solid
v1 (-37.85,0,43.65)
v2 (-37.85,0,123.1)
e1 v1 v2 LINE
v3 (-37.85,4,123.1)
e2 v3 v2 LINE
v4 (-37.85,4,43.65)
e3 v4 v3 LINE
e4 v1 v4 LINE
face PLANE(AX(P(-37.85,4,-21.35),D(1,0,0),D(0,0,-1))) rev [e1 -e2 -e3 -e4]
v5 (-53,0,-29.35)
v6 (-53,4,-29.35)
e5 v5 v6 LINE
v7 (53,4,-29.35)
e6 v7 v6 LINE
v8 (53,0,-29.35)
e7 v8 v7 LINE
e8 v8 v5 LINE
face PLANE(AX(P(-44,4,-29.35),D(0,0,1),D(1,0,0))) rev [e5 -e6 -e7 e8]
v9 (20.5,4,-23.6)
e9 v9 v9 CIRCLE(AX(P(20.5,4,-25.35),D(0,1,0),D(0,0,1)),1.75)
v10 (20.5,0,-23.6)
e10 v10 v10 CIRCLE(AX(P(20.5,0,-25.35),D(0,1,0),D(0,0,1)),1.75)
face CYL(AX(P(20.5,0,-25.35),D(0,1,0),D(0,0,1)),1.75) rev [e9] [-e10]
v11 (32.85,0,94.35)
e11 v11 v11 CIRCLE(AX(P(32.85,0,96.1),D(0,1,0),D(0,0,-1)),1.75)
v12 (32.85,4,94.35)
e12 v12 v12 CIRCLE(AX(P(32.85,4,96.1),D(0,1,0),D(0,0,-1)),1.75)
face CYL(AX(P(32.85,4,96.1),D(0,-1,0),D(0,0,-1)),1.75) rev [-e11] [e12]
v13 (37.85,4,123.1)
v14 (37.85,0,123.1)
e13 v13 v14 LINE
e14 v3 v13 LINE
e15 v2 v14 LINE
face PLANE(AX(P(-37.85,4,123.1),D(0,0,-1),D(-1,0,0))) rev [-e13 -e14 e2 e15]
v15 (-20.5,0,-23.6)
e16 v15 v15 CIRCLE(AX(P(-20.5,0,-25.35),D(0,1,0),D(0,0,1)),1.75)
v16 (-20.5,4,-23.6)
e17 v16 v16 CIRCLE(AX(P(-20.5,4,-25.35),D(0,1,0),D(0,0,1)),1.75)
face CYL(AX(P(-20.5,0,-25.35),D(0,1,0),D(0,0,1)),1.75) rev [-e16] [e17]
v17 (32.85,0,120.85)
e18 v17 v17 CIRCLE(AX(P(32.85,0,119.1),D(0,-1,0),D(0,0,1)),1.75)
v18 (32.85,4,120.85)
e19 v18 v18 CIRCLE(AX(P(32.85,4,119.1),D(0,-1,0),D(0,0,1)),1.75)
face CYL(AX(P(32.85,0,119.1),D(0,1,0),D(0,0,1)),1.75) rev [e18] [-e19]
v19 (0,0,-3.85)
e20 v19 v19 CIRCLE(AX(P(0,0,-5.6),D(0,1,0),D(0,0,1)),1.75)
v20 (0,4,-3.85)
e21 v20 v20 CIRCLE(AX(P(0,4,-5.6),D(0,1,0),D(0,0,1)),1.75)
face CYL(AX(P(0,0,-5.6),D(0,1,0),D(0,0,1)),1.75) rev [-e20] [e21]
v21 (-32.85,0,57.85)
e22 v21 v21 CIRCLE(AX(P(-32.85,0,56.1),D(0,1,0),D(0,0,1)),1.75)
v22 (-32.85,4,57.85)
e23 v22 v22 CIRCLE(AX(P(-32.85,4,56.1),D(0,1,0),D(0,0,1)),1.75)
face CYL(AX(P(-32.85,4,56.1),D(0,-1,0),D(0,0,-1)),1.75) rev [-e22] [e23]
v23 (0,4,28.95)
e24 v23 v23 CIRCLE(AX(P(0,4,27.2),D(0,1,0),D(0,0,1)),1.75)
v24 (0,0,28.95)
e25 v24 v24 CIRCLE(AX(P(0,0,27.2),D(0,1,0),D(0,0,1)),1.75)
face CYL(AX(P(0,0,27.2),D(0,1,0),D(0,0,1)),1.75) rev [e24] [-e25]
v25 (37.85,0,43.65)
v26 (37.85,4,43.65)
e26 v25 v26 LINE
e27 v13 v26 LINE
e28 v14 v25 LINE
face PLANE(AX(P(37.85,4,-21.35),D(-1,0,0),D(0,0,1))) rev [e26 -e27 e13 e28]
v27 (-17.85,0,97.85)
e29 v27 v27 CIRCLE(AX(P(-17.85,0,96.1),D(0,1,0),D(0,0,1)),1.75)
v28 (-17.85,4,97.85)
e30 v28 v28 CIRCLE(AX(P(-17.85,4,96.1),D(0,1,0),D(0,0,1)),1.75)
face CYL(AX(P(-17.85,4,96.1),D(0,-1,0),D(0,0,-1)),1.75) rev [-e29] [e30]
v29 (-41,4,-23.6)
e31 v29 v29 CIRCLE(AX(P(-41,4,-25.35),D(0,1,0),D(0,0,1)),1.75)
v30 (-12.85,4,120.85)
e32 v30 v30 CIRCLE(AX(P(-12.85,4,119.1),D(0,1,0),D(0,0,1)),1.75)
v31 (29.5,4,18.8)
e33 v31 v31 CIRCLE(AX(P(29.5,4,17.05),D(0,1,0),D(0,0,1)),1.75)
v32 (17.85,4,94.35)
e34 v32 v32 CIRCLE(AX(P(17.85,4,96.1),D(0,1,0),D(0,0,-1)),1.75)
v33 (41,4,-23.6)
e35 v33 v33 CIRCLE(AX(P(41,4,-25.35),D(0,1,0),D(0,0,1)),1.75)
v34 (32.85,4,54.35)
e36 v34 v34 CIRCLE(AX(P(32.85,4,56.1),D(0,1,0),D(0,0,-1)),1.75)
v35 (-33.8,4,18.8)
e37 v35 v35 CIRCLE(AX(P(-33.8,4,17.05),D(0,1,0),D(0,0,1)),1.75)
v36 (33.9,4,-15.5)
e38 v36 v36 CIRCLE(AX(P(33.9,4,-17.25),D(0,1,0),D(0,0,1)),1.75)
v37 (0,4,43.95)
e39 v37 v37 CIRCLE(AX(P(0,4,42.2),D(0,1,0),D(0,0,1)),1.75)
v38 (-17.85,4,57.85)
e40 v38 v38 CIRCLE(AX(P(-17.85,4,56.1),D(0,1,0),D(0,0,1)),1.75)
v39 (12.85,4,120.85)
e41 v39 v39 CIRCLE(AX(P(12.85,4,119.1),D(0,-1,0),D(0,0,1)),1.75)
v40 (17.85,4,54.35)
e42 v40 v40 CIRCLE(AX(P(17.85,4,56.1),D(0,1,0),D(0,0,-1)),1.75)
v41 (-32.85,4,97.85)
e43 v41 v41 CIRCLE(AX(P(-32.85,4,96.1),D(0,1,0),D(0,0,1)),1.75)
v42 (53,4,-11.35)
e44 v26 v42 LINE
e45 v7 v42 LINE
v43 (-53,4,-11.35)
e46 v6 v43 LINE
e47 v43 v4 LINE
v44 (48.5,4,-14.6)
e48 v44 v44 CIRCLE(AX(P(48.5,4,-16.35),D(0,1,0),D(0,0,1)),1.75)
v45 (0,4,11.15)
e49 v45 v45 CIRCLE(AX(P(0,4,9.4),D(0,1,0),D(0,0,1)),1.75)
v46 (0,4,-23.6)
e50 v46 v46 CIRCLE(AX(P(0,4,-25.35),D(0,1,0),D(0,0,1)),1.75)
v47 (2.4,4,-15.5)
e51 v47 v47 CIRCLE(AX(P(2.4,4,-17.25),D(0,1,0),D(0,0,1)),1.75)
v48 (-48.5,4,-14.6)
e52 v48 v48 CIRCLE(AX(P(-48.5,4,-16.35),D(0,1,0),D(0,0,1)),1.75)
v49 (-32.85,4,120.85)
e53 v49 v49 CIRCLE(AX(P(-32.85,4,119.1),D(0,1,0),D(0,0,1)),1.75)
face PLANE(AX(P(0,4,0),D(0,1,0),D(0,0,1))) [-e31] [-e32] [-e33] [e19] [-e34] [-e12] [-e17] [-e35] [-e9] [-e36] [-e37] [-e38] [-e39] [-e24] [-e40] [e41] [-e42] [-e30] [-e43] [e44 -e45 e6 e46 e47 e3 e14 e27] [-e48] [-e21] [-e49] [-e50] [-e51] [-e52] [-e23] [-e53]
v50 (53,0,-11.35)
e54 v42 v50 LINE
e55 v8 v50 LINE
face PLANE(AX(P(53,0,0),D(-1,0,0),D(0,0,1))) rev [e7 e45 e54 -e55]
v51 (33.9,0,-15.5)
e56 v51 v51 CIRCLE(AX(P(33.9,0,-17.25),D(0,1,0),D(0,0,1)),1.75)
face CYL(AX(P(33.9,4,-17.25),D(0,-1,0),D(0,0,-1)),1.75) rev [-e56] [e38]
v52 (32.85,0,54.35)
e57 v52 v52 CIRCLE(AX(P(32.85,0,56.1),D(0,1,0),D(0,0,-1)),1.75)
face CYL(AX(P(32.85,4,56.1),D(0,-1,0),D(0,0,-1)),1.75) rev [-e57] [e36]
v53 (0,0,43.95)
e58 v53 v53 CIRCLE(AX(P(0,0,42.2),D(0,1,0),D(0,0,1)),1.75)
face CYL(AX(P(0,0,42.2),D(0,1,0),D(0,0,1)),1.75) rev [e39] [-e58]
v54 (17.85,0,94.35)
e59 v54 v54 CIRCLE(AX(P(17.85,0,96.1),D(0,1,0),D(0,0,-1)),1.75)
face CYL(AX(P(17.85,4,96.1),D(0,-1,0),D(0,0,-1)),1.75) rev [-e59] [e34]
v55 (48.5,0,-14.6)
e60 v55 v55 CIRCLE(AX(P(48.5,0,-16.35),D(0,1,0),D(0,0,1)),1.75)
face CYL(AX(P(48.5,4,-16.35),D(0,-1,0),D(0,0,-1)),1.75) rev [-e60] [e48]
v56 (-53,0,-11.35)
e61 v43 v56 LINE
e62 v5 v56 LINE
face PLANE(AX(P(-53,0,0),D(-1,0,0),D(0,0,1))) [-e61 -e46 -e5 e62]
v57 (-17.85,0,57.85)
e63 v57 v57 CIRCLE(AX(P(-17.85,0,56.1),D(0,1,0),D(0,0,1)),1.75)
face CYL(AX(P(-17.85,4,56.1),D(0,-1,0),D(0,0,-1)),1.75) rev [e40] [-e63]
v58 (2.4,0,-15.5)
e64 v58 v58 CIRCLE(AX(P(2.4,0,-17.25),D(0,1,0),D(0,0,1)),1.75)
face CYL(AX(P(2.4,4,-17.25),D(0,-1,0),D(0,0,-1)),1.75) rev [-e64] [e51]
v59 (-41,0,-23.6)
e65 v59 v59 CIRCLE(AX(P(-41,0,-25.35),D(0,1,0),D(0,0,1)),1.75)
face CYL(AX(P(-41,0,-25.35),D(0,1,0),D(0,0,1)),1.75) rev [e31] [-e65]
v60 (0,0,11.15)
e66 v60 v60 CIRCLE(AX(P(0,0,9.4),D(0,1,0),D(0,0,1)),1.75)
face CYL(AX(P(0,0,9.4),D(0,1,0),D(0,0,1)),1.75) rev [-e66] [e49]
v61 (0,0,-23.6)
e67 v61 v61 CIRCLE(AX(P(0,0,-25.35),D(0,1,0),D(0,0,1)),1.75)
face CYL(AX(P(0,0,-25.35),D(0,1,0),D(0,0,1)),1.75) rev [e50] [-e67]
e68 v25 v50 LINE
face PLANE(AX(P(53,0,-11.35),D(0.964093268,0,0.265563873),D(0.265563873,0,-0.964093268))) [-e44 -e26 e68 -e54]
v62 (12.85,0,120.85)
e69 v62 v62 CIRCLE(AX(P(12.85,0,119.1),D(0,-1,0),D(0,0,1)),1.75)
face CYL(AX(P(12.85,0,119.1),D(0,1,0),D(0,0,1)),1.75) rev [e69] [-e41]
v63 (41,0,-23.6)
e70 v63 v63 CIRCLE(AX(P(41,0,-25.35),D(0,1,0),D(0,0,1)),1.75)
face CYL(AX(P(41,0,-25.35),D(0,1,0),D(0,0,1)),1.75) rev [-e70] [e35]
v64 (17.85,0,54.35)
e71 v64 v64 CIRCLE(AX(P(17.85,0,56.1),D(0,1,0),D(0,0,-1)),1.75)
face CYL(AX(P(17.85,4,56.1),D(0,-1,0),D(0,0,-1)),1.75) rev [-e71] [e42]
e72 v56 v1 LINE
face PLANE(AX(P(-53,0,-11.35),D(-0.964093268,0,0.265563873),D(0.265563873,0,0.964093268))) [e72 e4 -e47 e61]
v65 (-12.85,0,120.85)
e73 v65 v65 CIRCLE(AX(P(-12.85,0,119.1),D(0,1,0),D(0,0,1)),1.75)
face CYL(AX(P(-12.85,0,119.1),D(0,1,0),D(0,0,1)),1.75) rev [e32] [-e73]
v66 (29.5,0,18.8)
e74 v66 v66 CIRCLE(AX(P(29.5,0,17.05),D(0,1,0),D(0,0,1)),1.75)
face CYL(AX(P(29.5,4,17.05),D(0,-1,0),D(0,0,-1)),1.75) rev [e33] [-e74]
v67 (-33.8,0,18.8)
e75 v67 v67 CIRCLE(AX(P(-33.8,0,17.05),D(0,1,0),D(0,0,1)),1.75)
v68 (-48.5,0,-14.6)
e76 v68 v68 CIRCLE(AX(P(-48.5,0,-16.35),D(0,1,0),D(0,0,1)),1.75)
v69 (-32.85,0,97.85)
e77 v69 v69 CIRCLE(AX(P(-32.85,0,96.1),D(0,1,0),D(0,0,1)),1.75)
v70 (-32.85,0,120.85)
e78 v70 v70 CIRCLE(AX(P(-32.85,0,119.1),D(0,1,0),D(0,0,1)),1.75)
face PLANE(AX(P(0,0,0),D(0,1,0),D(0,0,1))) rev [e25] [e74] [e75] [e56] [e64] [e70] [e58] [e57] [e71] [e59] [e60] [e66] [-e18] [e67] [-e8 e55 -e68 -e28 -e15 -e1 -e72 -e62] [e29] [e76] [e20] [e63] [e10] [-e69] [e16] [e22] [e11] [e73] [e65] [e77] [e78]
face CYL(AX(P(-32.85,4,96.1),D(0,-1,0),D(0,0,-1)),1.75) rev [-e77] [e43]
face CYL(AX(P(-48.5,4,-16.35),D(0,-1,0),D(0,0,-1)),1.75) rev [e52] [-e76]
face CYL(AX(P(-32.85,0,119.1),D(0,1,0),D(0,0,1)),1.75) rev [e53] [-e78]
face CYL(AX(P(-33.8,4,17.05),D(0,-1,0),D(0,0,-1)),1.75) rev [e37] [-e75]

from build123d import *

# Parameters (mm, degrees)
SKETCH1_W           = 75.7
SKETCH1_H           = 42.7
SKETCH1_R           = 1.75
BOSS_EXTRUDE1_DEPTH = 4
SKETCH3_W           = 75.7
SKETCH3_H           = 29.75
SKETCH3_R           = 1.75
BOSS_EXTRUDE2_DEPTH = 4
SKETCH3_3_R         = 1.75
CUT_EXTRUDE1_DEPTH  = 4
SKETCH4_W           = 75.7
SKETCH4_H           = 50
SKETCH4_R           = 1.75
BOSS_EXTRUDE3_DEPTH = 4
SKETCH6_W           = 9
SKETCH6_H           = 8
BOSS_EXTRUDE4_DEPTH = 4
SKETCH6_3_R         = 1.75
CUT_EXTRUDE2_DEPTH  = 115.220007004
SKETCH7_W           = 15.15
SKETCH7_H           = 10
SKETCH7_R           = 1.75
BOSS_EXTRUDE5_DEPTH = 4
SKETCH8_W           = 75.7
SKETCH8_H           = 22
BOSS_EXTRUDE6_DEPTH = 4
SKETCH9_R           = 1.75
CUT_EXTRUDE3_DEPTH  = 135.08433913
BOSS_EXTRUDE7_DEPTH = 4


with BuildPart() as part:
    # Sketch1 → Boss-Extrude1 (new body)
    with BuildSketch(Plane(origin=(0, 0, 0), x_dir=(1, 0, 0), z_dir=(0, 1, 0))):
        Rectangle(SKETCH1_W, SKETCH1_H)
        with Locations(Location((2.4, 17.25, 0), (0, 0, 270))):
            Circle(SKETCH1_R, mode=Mode.SUBTRACT)
        with Locations(Location((-33.8, -17.05, 0), (0, 0, 270))):
            Circle(SKETCH1_R, mode=Mode.SUBTRACT)
        with Locations(Location((29.5, -17.05, 0), (0, 0, 270))):
            Circle(SKETCH1_R, mode=Mode.SUBTRACT)
        with Locations(Location((33.9, 17.25, 0), (0, 0, 270))):
            Circle(SKETCH1_R, mode=Mode.SUBTRACT)
    extrude(amount=BOSS_EXTRUDE1_DEPTH)

    # Sketch3 → Boss-Extrude2 (add)
    with BuildSketch(Plane(origin=(0, 4, 0), x_dir=(1, 0, 0), z_dir=(0, 1, 0))):
        with Locations((0, -36.225)):
            Rectangle(SKETCH3_W, SKETCH3_H)
        with Locations(Location((0, -42.2, 0), (0, 0, 270))):
            Circle(SKETCH3_R, mode=Mode.SUBTRACT)
        with Locations(Location((0, -27.2, 0), (0, 0, 270))):
            Circle(SKETCH3_R, mode=Mode.SUBTRACT)
    extrude(amount=-BOSS_EXTRUDE2_DEPTH)

    # Sketch3<3> → Cut-Extrude1 (cut)
    with BuildSketch(Plane(origin=(0, 4, 0), x_dir=(1, 0, 0), z_dir=(0, 1, 0))):
        with Locations(Location((0, 5.6, 0), (0, 0, 270))):
            Circle(SKETCH3_3_R)
        with Locations(Location((0, -9.4, 0), (0, 0, 270))):
            Circle(SKETCH3_3_R)
    extrude(amount=-CUT_EXTRUDE1_DEPTH, mode=Mode.SUBTRACT)

    # Sketch4 → Boss-Extrude3 (add)
    # profile 1 of 2: a face of its own
    with BuildSketch(Plane(origin=(0, 0, 0), x_dir=(1, 0, 0), z_dir=(0, 1, 0))):
        with Locations((0, -76.1)):
            Rectangle(SKETCH4_W, SKETCH4_H)
        with Locations(Location((-32.85, -56.1, 0), (0, 0, 270))):
            Circle(SKETCH4_R, mode=Mode.SUBTRACT)
        with Locations(Location((-17.85, -56.1, 0), (0, 0, 270))):
            Circle(SKETCH4_R, mode=Mode.SUBTRACT)
        with Locations(Location((-17.85, -96.1, 0), (0, 0, 270))):
            Circle(SKETCH4_R, mode=Mode.SUBTRACT)
        with Locations(Location((-32.85, -96.1, 0), (0, 0, 270))):
            Circle(SKETCH4_R, mode=Mode.SUBTRACT)
        with Locations(Location((32.85, -96.1, 0), (0, 0, 90))):
            Circle(SKETCH4_R, mode=Mode.SUBTRACT)
        with Locations(Location((17.85, -96.1, 0), (0, 0, 90))):
            Circle(SKETCH4_R, mode=Mode.SUBTRACT)
        with Locations(Location((17.85, -56.1, 0), (0, 0, 90))):
            Circle(SKETCH4_R, mode=Mode.SUBTRACT)
        with Locations(Location((32.85, -56.1, 0), (0, 0, 90))):
            Circle(SKETCH4_R, mode=Mode.SUBTRACT)
    # profile 2 of 2: a face of its own
    with BuildSketch(Plane(origin=(0, 0, 0), x_dir=(1, 0, 0), z_dir=(0, 1, 0))):
        Polygon((-37.85, 21.35), (-44, 21.35), (-44, 29.35), (44, 29.35), (44, 21.35), (37.85, 21.35), align=None)
    extrude(amount=BOSS_EXTRUDE3_DEPTH)

    # Sketch6 → Boss-Extrude4 (add)
    with BuildSketch(Plane(origin=(0, 4, 0), x_dir=(1, 0, 0), z_dir=(0, 1, 0))):
        with Locations((-48.5, 25.35)):
            Rectangle(SKETCH6_W, SKETCH6_H)
        with Locations((48.5, 25.35)):
            Rectangle(SKETCH6_W, SKETCH6_H)
    extrude(amount=-BOSS_EXTRUDE4_DEPTH)

    # Sketch6<3> → Cut-Extrude2 (cut, through all)
    with BuildSketch(Plane(origin=(0, 4, 0), x_dir=(1, 0, 0), z_dir=(0, 1, 0))):
        with Locations(Location((0, 25.35, 0), (0, 0, 270))):
            Circle(SKETCH6_3_R)
        with Locations(Location((20.5, 25.35, 0), (0, 0, 270))):
            Circle(SKETCH6_3_R)
        with Locations(Location((41, 25.35, 0), (0, 0, 270))):
            Circle(SKETCH6_3_R)
        with Locations(Location((-20.5, 25.35, 0), (0, 0, 270))):
            Circle(SKETCH6_3_R)
        with Locations(Location((-41, 25.35, 0), (0, 0, 270))):
            Circle(SKETCH6_3_R)
    extrude(amount=-CUT_EXTRUDE2_DEPTH, mode=Mode.SUBTRACT)

    # Sketch7 → Boss-Extrude5 (add)
    # profile 1 of 2: a face of its own
    with BuildSketch(Plane(origin=(0, 0, 0), x_dir=(1, 0, 0), z_dir=(0, 1, 0))):
        with Locations((-45.425, 16.35)):
            Rectangle(SKETCH7_W, SKETCH7_H)
        with Locations(Location((-48.5, 16.35, 0), (0, 0, 270))):
            Circle(SKETCH7_R, mode=Mode.SUBTRACT)
    # profile 2 of 2: a face of its own
    with BuildSketch(Plane(origin=(0, 0, 0), x_dir=(1, 0, 0), z_dir=(0, 1, 0))):
        with Locations((45.425, 16.35)):
            Rectangle(SKETCH7_W, SKETCH7_H)
        with Locations(Location((48.5, 16.35, 0), (0, 0, 270))):
            Circle(SKETCH7_R, mode=Mode.SUBTRACT)
    extrude(amount=BOSS_EXTRUDE5_DEPTH)

    # Sketch8 → Boss-Extrude6 (add)
    with BuildSketch(Plane(origin=(0, 0, 0), x_dir=(1, 0, 0), z_dir=(0, 1, 0))):
        with Locations((0, -112.1)):
            Rectangle(SKETCH8_W, SKETCH8_H)
    extrude(amount=BOSS_EXTRUDE6_DEPTH)

    # Sketch9 → Cut-Extrude3 (cut, through all)
    with BuildSketch(Plane(origin=(0, 4, 0), x_dir=(1, 0, 0), z_dir=(0, 1, 0))):
        with Locations(Location((-12.85, -119.1, 0), (0, 0, 270))):
            Circle(SKETCH9_R)
        with Locations(Location((-32.85, -119.1, 0), (0, 0, 270))):
            Circle(SKETCH9_R)
    cut_extrude3 = extrude(amount=-CUT_EXTRUDE3_DEPTH, mode=Mode.SUBTRACT)

    # Mirror1: Cut-Extrude3 across plane
    add(cut_extrude3.mirror(Plane(origin=(0, 0, 0), x_dir=(0, 0, 1), z_dir=(1, 0, 0))), mode=Mode.SUBTRACT)

    # Sketch10 → Boss-Extrude7 (add)
    with BuildSketch(Plane(origin=(0, 4, 0), x_dir=(1, 0, 0), z_dir=(0, 1, 0))):
        Polygon((-53, 11.35), (-37.85, -43.65), (-37.85, 11.35), align=None)
        Polygon((53, 11.35), (37.85, -43.65), (37.85, 11.35), align=None)
    extrude(amount=-BOSS_EXTRUDE7_DEPTH)


solid = part.part
